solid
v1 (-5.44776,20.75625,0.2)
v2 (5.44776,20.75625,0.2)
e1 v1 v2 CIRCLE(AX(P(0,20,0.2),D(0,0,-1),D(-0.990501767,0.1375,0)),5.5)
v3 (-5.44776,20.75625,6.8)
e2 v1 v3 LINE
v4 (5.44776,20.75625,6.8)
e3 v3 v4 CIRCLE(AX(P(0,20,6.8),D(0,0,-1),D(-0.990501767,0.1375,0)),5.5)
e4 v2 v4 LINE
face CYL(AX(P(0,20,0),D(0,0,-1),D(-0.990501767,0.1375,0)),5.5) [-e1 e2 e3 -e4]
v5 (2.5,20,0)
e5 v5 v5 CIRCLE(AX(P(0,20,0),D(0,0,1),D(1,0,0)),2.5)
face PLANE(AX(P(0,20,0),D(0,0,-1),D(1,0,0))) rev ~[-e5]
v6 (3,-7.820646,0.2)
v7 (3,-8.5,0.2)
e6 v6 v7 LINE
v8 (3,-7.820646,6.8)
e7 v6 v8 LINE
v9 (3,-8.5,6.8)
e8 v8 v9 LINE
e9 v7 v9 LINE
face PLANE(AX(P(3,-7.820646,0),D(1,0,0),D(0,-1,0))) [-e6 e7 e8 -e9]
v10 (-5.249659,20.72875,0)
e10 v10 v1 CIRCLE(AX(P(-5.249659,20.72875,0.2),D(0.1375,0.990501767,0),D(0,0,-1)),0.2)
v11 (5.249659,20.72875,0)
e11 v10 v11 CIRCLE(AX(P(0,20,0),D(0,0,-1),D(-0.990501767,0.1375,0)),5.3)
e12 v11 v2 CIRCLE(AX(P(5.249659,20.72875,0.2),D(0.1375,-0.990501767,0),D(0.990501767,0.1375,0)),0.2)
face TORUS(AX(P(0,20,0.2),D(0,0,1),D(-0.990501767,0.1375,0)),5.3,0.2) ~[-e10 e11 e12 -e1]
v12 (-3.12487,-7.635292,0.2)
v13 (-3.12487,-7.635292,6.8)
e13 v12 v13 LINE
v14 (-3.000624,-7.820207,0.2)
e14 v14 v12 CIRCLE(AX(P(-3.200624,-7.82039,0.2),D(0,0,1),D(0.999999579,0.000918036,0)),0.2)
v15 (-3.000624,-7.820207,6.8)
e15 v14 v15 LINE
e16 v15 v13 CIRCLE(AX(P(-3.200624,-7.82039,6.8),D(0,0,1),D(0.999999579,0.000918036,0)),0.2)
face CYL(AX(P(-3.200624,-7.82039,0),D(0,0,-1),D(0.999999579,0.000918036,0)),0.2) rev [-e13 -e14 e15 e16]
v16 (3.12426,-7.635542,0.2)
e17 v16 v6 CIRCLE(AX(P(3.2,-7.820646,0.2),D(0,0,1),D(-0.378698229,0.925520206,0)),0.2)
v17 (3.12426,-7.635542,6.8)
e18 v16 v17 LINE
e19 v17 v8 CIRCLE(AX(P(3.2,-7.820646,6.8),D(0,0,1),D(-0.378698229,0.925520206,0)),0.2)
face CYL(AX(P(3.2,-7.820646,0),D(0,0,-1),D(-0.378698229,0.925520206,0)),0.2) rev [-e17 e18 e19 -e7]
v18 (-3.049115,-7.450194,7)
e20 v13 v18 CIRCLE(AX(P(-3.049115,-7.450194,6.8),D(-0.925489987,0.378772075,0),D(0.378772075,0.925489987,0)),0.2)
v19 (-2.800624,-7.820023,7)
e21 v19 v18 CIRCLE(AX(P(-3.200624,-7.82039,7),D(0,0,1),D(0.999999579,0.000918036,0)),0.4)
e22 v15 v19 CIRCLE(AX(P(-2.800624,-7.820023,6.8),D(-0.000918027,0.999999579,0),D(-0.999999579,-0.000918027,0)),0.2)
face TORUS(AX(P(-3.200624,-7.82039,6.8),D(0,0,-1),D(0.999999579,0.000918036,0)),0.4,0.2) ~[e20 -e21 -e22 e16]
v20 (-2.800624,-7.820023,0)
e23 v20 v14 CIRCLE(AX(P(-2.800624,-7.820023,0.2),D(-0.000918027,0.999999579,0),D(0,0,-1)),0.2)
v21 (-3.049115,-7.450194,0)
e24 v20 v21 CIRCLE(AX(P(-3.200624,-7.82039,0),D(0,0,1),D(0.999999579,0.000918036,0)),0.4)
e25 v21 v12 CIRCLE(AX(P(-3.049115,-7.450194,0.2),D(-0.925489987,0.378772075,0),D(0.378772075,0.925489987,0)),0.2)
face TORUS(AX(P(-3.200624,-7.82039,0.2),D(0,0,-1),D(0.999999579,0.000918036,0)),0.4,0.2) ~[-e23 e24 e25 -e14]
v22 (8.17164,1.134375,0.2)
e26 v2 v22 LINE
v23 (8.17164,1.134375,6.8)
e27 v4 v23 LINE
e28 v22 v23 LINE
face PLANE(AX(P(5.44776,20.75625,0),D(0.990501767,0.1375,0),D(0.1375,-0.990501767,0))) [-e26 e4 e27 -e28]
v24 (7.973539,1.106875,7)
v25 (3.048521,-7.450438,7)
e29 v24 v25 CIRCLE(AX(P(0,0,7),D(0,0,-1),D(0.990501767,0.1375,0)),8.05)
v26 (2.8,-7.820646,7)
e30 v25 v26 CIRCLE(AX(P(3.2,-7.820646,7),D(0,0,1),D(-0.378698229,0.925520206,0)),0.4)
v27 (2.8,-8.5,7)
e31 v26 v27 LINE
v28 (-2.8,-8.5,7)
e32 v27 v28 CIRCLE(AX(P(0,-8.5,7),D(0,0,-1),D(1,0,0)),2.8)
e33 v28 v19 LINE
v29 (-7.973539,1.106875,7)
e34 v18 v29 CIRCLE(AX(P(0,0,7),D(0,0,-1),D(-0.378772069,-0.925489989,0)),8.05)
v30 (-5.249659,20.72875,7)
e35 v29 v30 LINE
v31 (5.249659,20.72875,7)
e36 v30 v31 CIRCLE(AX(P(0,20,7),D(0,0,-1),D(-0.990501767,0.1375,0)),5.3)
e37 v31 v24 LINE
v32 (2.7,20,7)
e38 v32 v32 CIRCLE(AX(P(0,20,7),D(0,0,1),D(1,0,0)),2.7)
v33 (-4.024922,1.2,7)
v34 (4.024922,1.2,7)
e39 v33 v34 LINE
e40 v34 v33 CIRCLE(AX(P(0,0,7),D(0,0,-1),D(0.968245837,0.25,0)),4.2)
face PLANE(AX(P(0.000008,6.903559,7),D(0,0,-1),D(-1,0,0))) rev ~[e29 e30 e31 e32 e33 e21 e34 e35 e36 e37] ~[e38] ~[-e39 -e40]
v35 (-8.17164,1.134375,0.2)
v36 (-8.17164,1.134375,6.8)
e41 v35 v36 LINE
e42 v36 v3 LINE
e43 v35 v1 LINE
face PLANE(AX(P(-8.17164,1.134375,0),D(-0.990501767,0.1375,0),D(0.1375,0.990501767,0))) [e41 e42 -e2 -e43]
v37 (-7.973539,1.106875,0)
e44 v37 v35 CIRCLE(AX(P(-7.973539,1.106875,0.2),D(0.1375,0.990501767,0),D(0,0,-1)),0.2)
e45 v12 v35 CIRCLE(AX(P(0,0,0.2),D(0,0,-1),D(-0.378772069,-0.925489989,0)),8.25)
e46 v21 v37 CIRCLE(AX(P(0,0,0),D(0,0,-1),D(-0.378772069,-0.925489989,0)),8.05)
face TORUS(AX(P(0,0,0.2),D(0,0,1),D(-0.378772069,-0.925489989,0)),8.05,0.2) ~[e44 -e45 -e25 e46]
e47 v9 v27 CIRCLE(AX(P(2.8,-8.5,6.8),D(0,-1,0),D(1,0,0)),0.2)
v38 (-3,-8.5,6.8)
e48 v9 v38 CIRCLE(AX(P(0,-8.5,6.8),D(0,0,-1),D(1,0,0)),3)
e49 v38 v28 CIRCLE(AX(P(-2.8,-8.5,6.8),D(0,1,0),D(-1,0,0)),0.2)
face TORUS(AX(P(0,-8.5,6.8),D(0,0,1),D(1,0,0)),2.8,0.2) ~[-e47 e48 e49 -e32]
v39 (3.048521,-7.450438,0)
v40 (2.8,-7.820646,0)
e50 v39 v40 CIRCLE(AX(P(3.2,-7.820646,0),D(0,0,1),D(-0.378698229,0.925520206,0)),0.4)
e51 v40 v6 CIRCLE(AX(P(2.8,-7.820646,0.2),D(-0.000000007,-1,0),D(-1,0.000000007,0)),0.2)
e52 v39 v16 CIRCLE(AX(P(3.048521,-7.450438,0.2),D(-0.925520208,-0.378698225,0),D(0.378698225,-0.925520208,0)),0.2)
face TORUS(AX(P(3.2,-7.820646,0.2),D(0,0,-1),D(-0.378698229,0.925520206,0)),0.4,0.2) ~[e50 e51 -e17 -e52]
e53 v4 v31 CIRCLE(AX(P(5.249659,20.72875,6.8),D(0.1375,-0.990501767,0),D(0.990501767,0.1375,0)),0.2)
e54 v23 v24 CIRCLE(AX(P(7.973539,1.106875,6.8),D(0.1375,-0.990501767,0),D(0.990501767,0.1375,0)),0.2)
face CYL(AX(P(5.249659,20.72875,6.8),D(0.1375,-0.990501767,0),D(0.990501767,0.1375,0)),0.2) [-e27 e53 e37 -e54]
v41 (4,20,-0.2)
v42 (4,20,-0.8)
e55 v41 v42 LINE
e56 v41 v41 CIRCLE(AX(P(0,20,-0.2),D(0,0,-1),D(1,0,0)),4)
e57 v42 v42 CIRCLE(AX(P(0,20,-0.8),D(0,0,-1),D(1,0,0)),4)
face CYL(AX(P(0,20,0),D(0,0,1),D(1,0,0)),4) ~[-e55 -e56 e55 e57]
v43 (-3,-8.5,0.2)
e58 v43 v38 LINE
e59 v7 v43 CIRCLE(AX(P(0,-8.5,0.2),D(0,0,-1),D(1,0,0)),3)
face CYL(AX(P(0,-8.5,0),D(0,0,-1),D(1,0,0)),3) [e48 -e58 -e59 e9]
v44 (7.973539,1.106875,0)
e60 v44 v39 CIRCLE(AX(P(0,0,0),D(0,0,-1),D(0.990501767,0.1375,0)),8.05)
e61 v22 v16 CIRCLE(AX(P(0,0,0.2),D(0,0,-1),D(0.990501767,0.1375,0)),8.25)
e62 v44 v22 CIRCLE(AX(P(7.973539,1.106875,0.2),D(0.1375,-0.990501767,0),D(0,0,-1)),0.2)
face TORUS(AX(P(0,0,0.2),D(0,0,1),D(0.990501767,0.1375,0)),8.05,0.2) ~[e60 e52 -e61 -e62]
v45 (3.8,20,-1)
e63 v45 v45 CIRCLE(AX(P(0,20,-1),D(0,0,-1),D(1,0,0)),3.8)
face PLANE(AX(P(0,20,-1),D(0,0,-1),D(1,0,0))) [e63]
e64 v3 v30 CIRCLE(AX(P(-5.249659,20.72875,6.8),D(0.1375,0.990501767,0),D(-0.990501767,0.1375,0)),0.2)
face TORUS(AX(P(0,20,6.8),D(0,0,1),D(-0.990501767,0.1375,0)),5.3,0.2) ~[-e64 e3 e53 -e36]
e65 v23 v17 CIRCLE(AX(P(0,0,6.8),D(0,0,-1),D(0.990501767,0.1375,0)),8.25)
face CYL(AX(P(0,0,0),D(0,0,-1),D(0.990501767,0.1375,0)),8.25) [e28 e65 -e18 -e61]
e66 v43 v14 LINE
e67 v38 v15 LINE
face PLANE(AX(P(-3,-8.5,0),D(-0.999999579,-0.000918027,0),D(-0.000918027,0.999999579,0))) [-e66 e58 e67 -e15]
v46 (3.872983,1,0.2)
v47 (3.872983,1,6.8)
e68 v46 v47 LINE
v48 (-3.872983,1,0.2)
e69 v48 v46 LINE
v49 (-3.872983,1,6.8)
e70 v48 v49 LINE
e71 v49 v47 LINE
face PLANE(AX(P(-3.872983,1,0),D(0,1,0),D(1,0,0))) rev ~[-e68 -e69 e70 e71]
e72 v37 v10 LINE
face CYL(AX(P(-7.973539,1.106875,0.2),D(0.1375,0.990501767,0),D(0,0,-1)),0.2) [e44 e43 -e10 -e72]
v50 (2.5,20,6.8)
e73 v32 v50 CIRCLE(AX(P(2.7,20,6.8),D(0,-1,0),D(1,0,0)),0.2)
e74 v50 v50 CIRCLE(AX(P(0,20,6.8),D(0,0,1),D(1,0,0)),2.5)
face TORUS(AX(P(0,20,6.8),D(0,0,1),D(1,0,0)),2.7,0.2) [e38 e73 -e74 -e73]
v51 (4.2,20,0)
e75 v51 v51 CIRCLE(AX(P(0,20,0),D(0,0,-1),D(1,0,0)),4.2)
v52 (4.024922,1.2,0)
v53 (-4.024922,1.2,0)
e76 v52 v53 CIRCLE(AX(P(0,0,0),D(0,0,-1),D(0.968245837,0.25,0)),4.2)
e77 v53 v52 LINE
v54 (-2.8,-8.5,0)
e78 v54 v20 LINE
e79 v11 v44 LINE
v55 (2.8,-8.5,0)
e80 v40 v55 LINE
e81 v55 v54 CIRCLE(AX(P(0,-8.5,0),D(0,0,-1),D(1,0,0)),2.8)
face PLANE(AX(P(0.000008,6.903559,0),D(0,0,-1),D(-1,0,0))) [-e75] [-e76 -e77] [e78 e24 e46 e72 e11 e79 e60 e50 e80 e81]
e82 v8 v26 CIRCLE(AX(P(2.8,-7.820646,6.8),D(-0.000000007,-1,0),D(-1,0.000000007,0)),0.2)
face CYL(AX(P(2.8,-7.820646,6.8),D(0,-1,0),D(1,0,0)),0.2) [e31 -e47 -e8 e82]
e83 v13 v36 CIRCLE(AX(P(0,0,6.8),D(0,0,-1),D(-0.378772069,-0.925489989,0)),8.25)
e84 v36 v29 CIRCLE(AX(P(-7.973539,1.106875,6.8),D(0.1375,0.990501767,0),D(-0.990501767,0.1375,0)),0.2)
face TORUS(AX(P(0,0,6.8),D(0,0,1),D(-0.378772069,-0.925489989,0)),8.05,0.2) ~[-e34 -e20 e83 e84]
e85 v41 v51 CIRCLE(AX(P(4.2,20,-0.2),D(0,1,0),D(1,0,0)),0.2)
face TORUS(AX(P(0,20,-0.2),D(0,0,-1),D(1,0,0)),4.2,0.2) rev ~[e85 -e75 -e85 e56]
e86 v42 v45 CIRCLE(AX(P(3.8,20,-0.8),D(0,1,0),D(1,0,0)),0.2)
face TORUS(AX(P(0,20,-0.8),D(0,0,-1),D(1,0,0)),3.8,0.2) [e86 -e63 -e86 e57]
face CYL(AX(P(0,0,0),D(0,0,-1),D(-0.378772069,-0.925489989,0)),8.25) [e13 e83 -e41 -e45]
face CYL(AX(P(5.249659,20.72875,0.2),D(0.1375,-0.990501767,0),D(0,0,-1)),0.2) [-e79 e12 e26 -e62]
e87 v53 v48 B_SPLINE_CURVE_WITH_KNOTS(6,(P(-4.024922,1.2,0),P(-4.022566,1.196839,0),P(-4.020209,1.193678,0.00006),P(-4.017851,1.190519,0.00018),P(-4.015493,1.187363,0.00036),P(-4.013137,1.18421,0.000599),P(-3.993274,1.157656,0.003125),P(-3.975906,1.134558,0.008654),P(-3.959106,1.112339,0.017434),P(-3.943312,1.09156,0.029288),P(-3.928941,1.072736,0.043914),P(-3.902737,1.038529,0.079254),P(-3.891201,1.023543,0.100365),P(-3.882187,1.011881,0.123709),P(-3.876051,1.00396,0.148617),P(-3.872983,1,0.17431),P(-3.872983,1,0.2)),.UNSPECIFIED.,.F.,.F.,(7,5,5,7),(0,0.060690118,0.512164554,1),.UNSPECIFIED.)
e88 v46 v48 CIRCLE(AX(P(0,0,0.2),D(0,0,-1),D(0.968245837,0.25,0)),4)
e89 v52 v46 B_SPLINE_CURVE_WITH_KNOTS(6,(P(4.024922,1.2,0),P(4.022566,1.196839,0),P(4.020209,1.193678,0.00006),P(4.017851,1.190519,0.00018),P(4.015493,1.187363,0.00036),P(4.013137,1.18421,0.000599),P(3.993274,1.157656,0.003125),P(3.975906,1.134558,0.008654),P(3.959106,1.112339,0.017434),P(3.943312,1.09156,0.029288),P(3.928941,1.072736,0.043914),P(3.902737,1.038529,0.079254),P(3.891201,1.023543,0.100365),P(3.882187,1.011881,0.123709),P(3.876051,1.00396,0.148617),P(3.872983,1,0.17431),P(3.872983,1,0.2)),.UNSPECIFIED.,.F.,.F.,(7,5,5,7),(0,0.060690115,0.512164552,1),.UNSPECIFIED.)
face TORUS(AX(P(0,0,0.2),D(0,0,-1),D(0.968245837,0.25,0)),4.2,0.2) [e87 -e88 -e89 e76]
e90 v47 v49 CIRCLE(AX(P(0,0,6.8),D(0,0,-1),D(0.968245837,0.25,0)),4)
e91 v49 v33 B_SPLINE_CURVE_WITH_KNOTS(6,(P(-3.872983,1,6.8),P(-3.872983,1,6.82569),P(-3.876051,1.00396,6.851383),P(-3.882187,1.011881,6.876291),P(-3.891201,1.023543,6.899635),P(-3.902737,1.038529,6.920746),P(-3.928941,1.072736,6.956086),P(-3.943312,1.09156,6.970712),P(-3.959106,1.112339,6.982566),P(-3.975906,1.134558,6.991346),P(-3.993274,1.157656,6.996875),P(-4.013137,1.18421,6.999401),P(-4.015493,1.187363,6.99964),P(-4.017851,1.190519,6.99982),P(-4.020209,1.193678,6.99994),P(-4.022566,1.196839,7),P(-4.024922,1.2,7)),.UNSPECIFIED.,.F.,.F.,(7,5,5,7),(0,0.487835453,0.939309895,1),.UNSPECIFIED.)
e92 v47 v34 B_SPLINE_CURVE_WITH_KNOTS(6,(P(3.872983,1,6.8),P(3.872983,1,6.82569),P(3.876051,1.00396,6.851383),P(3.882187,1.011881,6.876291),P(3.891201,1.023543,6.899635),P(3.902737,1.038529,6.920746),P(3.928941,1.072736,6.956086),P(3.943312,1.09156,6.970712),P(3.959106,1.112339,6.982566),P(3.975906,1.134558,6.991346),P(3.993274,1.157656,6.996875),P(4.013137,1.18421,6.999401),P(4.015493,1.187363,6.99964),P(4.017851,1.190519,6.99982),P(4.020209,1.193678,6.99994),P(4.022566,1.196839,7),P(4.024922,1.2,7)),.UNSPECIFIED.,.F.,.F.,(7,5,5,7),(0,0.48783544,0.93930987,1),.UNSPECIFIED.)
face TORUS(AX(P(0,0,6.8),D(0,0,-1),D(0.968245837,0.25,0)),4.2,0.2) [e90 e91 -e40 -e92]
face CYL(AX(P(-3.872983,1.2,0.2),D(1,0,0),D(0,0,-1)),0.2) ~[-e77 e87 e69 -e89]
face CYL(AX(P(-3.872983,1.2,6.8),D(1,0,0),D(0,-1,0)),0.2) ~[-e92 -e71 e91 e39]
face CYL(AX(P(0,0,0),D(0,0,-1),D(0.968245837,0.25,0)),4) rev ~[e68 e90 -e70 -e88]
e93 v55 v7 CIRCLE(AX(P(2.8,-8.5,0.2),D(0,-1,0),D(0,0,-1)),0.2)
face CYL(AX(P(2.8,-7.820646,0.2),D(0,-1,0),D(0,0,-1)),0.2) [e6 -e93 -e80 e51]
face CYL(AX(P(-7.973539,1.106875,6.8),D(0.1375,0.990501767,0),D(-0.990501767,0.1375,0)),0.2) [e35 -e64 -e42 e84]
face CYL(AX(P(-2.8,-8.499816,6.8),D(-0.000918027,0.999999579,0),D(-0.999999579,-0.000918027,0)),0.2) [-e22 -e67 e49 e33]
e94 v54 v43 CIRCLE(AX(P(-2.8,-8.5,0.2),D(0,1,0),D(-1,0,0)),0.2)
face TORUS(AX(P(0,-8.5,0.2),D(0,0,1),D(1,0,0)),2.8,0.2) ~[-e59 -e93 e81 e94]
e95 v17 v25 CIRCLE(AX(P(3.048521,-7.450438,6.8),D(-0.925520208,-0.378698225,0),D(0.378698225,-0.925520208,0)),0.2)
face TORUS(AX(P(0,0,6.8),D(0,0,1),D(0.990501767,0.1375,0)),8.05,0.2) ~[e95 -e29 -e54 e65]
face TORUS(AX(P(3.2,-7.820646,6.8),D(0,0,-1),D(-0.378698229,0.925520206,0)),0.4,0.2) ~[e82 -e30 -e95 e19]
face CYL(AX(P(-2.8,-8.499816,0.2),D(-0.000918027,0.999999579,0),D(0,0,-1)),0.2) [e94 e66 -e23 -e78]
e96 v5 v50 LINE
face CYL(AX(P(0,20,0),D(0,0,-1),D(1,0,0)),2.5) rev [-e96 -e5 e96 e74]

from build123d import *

# Parameters (mm, degrees)
ESQUISSE1_R      = 2.5
EXTRUSION1_DEPTH = 7
ESQUISSE2_R      = 4
EXTRUSION2_DEPTH = 1
CONG_1_R         = 0.2


with BuildPart() as part:
    # Esquisse1 → Extrusion1 (new body)
    with BuildSketch(Plane.XY):
        with BuildLine():
            Line((5.447759717, 20.75625), (8.171639576, 1.134375))
            ThreePointArc((8.171639576, 1.134375), (7.150328566, -4.115252289), (3.124260355, -7.635541712))
            ThreePointArc((3.124260355, -7.635541712), (3.033945899, -7.709173625), (3, -7.820645753))
            Line((3, -7.820645753), (3, -8.5))
            ThreePointArc((3, -8.5), (0, -11.5), (-3, -8.5))
            Line((-3, -8.5), (-3.000624069, -7.820206801))
            ThreePointArc((-3.000624069, -7.820206801), (-3.034616619, -7.708848691), (-3.124869571, -7.635292409))
            ThreePointArc((-3.124869571, -7.635292409), (-7.150492734, -4.11496703), (-8.171639576, 1.134375))
            Line((-8.171639576, 1.134375), (-5.447759717, 20.75625))
            ThreePointArc((-5.447759717, 20.75625), (0, 25.5), (5.447759717, 20.75625))
        make_face()
        with Locations((0, 20)):
            Circle(ESQUISSE1_R, mode=Mode.SUBTRACT)
        with BuildLine():
            Line((-3.872983346, 1), (3.872983346, 1))
            ThreePointArc((3.872983346, 1), (0, -4), (-3.872983346, 1))
        make_face(mode=Mode.SUBTRACT)
    extrude(amount=EXTRUSION1_DEPTH)

    # Esquisse2 → Extrusion2 (add)
    with BuildSketch(Plane(origin=(0, 0, 0), x_dir=(-1, 0, 0), z_dir=(0, 0, -1))):
        with Locations(Location((0, 20, 0), (0, 0, 180))):
            Circle(ESQUISSE2_R)
    extrude(amount=EXTRUSION2_DEPTH)

    # Congé1
    cong_1_edges = [part.edges().sort_by_distance(p)[0] for p in [
        (-6.809699647, 10.9453125, 0),
        (-6.809699647, 10.9453125, 7),
        (-7.150492734, -4.11496703, 0),
        (-7.150492734, -4.11496703, 7),
        (0, 25.5, 0),
        (0, 25.5, 7),
        (-3.034616619, -7.708848691, 0),
        (6.809699647, 10.9453125, 0),
        (-3.000312035, -8.1601034, 0),
        (7.150328566, -4.115252289, 0),
        (0, -11.5, 0),
        (3.033945899, -7.709173625, 0),
        (3, -8.160322877, 0),
        (0, -4, 0),
        (0, 1, 0),
        (-4, 20, 0),
        (6.809699647, 10.9453125, 7),
        (7.150328566, -4.115252289, 7),
        (3.033945899, -7.709173625, 7),
        (3, -8.160322877, 7),
        (0, -11.5, 7),
        (-3.000312035, -8.1601034, 7),
        (-3.034616619, -7.708848691, 7),
        (-2.5, 20, 7),
        (0, -4, 7),
        (0, 1, 7),
        (-4, 20, -1),
    ]]
    fillet(cong_1_edges, radius=CONG_1_R)


solid = part.part
